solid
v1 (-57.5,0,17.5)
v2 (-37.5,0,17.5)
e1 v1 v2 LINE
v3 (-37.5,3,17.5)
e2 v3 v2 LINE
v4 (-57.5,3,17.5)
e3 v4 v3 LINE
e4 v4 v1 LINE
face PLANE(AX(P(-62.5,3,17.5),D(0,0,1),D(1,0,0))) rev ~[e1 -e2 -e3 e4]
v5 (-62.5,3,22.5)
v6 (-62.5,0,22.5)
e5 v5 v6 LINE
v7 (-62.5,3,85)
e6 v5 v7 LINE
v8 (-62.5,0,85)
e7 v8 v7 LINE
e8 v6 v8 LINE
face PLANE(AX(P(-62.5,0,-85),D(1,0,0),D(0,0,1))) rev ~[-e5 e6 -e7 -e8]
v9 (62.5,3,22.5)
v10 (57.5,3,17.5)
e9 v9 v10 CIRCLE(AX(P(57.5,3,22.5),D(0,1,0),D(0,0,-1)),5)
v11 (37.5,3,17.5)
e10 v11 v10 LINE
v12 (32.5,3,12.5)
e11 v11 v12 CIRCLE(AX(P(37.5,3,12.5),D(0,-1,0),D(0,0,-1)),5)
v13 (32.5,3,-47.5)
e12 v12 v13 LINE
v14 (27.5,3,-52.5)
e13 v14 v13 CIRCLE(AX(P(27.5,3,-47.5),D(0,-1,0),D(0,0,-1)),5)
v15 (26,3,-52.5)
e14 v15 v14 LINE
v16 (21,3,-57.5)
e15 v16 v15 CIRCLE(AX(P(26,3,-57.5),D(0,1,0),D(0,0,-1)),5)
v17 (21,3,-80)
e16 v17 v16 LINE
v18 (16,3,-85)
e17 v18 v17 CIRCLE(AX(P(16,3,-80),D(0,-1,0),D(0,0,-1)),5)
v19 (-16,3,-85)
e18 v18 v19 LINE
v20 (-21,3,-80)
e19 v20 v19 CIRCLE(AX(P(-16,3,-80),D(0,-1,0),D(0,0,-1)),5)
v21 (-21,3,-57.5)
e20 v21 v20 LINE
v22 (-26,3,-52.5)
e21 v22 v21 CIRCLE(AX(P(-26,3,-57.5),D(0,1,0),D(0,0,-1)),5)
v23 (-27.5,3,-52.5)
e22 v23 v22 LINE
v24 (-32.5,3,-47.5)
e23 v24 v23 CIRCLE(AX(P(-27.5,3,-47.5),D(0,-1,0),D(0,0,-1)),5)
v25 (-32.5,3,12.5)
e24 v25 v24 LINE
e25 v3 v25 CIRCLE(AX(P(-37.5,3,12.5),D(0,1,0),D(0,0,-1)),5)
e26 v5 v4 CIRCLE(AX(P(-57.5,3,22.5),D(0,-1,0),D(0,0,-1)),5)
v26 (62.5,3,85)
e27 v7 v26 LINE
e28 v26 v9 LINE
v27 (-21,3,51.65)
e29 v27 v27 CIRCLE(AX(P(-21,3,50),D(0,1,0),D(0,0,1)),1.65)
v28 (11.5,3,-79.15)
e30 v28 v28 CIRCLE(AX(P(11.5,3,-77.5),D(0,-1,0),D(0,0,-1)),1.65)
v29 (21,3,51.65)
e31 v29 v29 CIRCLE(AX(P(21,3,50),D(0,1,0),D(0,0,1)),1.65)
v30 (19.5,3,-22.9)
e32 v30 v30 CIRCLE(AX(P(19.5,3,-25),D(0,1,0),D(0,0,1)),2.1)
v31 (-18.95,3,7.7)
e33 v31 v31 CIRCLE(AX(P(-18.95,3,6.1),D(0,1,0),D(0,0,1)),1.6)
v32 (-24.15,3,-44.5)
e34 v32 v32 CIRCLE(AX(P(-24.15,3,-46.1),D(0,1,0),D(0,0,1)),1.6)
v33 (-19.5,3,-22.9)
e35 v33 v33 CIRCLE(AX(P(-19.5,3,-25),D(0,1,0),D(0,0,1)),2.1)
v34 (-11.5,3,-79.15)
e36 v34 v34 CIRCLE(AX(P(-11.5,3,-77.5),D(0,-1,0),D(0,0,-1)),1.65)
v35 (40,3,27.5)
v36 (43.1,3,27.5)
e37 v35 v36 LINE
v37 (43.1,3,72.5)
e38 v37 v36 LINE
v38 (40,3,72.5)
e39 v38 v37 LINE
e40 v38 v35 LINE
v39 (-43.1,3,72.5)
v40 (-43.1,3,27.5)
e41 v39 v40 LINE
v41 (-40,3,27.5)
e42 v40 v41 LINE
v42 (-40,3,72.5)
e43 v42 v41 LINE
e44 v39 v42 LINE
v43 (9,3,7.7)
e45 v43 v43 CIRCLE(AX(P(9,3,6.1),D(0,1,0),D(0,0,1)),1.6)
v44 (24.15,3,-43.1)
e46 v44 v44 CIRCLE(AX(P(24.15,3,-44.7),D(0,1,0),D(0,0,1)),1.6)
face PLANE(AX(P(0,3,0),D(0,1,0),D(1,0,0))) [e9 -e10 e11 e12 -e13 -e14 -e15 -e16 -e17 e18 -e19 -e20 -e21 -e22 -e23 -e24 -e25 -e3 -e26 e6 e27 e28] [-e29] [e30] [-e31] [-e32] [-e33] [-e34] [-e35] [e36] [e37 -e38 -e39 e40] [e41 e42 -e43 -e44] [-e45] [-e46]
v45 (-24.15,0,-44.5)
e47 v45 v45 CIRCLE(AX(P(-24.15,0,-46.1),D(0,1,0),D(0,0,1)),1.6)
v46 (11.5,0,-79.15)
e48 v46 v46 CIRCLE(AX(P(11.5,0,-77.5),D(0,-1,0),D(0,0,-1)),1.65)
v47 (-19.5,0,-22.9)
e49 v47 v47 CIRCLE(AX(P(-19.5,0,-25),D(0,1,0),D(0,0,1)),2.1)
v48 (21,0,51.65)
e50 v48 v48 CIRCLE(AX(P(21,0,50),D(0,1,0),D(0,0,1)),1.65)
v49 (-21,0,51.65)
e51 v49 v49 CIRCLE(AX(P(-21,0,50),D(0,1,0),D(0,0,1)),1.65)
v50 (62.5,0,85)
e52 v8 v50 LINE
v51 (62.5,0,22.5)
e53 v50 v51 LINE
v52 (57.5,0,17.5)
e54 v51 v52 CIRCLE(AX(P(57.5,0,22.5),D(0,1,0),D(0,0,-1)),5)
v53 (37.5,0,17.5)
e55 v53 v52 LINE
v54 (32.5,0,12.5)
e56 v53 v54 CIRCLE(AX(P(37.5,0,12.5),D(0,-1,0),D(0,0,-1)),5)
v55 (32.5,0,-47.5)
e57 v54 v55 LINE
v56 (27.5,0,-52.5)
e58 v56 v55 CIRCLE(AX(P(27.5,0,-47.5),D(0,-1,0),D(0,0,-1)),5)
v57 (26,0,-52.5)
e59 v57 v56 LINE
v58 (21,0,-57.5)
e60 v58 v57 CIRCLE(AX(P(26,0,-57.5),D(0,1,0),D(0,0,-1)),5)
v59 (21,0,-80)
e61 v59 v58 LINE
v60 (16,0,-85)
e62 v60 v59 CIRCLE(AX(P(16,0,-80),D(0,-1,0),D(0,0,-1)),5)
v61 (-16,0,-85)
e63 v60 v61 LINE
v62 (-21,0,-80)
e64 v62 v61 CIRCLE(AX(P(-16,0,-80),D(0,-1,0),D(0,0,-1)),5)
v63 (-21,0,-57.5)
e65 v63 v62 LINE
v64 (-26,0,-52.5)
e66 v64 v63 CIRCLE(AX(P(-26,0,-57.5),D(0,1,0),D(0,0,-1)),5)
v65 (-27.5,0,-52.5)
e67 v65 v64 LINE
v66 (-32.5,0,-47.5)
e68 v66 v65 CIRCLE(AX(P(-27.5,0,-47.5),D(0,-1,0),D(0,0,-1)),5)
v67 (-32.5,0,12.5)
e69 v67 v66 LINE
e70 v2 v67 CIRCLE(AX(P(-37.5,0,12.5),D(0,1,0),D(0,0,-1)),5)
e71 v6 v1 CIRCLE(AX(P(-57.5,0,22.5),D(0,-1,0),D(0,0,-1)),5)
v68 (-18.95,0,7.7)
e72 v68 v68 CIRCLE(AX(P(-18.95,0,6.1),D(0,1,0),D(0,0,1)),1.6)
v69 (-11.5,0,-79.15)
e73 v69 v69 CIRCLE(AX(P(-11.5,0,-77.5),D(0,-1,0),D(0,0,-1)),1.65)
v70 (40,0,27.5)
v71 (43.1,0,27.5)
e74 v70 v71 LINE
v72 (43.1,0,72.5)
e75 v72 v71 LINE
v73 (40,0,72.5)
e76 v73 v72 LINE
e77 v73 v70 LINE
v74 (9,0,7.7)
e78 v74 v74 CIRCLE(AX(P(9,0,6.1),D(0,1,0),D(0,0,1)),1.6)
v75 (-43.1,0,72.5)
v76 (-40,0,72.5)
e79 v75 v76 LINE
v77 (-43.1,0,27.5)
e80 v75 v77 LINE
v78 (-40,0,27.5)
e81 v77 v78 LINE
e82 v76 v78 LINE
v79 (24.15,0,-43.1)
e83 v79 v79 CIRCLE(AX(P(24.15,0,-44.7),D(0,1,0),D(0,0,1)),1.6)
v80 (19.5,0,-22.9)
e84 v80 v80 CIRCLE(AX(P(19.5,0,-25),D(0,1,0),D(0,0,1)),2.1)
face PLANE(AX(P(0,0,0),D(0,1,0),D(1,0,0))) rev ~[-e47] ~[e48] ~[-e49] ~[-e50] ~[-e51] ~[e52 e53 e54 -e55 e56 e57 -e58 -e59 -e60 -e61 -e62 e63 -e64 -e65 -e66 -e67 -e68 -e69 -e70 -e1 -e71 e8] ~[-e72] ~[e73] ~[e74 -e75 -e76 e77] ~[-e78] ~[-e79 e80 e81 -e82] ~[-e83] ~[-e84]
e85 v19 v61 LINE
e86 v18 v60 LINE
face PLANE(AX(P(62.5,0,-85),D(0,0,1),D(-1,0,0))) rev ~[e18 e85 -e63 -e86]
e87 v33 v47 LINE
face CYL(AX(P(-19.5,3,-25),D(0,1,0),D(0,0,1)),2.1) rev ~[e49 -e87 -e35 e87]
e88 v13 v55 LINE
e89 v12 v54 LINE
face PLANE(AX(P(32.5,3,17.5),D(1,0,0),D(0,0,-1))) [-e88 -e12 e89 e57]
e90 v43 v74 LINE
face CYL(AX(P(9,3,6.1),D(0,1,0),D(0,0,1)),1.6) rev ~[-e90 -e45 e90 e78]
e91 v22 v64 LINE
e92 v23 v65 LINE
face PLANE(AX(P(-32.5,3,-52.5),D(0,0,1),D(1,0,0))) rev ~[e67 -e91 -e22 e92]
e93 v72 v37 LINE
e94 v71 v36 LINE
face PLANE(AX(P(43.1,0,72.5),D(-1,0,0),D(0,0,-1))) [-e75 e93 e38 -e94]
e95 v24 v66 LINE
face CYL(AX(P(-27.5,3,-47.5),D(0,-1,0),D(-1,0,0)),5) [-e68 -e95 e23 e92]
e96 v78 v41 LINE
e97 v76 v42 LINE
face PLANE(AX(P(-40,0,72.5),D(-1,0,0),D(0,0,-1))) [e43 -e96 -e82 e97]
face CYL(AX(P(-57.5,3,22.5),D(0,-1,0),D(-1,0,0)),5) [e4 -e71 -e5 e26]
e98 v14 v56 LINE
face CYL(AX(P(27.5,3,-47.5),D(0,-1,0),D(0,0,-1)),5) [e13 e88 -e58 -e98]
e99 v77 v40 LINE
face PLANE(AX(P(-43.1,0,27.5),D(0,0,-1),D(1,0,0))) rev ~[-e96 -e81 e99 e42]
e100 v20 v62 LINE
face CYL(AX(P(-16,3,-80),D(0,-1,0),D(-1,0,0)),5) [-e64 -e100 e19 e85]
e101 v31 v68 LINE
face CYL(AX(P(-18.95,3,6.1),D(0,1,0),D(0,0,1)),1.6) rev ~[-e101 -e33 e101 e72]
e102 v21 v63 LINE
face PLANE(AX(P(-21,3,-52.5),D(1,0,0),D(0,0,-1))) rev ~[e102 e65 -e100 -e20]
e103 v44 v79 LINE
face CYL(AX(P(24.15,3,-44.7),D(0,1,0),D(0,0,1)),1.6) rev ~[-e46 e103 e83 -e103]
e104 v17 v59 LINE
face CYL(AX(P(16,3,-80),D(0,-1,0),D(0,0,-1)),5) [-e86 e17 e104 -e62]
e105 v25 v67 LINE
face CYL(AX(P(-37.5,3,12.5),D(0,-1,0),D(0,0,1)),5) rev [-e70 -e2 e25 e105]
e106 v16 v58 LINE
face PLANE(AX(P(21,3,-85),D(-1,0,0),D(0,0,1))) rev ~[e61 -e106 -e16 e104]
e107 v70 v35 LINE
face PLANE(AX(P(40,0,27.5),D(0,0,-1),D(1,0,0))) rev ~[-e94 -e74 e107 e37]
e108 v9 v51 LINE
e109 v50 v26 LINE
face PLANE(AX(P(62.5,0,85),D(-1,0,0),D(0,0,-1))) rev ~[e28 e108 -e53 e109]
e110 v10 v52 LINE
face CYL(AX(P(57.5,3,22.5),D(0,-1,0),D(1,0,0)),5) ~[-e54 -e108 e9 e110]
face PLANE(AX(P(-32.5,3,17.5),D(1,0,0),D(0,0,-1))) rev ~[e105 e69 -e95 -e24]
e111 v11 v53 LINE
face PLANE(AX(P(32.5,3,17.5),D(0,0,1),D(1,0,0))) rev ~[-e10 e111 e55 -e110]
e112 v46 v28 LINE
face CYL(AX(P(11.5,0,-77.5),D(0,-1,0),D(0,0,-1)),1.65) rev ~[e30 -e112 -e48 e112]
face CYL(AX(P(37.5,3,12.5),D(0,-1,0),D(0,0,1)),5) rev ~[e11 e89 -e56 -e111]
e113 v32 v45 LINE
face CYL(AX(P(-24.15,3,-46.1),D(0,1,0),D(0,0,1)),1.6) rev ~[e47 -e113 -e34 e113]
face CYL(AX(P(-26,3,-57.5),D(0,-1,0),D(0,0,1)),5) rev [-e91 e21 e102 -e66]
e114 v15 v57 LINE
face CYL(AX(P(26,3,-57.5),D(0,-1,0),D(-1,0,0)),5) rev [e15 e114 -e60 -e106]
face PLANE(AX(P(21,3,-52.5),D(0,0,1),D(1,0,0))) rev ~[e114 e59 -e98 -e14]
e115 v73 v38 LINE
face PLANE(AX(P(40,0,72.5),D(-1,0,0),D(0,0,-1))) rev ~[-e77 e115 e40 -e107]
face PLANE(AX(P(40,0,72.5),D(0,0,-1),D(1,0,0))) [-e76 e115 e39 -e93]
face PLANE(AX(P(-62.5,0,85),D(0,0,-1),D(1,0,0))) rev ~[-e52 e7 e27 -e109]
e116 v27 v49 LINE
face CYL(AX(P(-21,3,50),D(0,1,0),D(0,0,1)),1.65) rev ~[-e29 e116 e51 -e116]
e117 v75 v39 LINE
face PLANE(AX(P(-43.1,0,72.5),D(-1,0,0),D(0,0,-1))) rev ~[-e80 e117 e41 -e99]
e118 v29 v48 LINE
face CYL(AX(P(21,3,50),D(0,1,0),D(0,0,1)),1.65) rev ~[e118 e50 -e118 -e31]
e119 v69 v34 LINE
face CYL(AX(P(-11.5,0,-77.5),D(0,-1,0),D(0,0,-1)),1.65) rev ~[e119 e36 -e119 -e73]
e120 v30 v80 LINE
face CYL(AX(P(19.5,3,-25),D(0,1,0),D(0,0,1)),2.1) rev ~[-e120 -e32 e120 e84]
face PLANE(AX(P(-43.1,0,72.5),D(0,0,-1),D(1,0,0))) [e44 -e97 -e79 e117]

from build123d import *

# Parameters (mm, degrees)
SKETCH1_W           = 3.1
SKETCH1_H           = 45
BOSS_EXTRUDE1_DEPTH = 3
SKETCH3_R           = 1.6
CUT_EXTRUDE2_DEPTH  = 10
CUT_EXTRUDE4_REACH  = 107.547
SKETCH5_R           = 1.65
SKETCH6_R           = 1.65
CUT_EXTRUDE5_DEPTH  = 10
SKETCH8_W           = 30
SKETCH8_H           = 70
CUT_EXTRUDE6_DEPTH  = 10
FILLET1_R           = 5
SKETCH9_R           = 2.1
CUT_EXTRUDE7_DEPTH  = 10


with BuildPart() as part:
    # Sketch1 → Boss-Extrude1 (new body)
    with BuildSketch(Plane(origin=(0, 0, 0), x_dir=(1, 0, 0), z_dir=(0, 1, 0))):
        Polygon((-62.5, -75), (-62.5, -85), (62.5, -85), (62.5, -75), (62.5, -5), (62.5, 85), (-62.5, 85), (-62.5, -5), align=None)
        with Locations((-41.55, -50)):
            Rectangle(SKETCH1_W, SKETCH1_H, mode=Mode.SUBTRACT)
        with Locations((41.55, -50)):
            Rectangle(SKETCH1_W, SKETCH1_H, mode=Mode.SUBTRACT)
    extrude(amount=BOSS_EXTRUDE1_DEPTH)

    # Sketch3 → Cut-Extrude2 (cut)
    with BuildSketch(Plane(origin=(0, 3, 0), x_dir=(1, 0, 0), z_dir=(0, 1, 0))):
        with Locations(Location((-24.15, 46.1, 0), (0, 0, 270))):
            Circle(SKETCH3_R)
        with Locations(Location((24.15, 44.7, 0), (0, 0, 270))):
            Circle(SKETCH3_R)
        with Locations(Location((-18.95, -6.1, 0), (0, 0, 270))):
            Circle(SKETCH3_R)
        with Locations(Location((9, -6.1, 0), (0, 0, 270))):
            Circle(SKETCH3_R)
    extrude(amount=-CUT_EXTRUDE2_DEPTH, mode=Mode.SUBTRACT)

    # Sketch5 → Cut-Extrude4 (cut, up to next)
    with BuildSketch(Plane.XZ, mode=Mode.PRIVATE) as cut_extrude4_sk1:
        with Locations(Location((11.5, -77.5, 0), (0, 0, 270))):
            Circle(SKETCH5_R)
    cut_extrude4_tool1 = extrude(cut_extrude4_sk1.sketch, amount=-CUT_EXTRUDE4_REACH, mode=Mode.PRIVATE) & part.part
    # Sketch5 → Cut-Extrude4 (cut, up to next)
    with BuildSketch(Plane.XZ, mode=Mode.PRIVATE) as cut_extrude4_sk2:
        with Locations(Location((-11.5, -77.5, 0), (0, 0, 270))):
            Circle(SKETCH5_R)
    cut_extrude4_tool2 = extrude(cut_extrude4_sk2.sketch, amount=-CUT_EXTRUDE4_REACH, mode=Mode.PRIVATE) & part.part
    add(cut_extrude4_tool1.solids().sort_by_distance((11.5, 0, -77.5))[0], mode=Mode.SUBTRACT)
    add(cut_extrude4_tool2.solids().sort_by_distance((-11.5, 0, -77.5))[0], mode=Mode.SUBTRACT)

    # Sketch6 → Cut-Extrude5 (cut)
    with BuildSketch(Plane(origin=(0, 3, 0), x_dir=(1, 0, 0), z_dir=(0, 1, 0))):
        with Locations(Location((21, -50, 0), (0, 0, 270))):
            Circle(SKETCH6_R)
        with Locations(Location((-21, -50, 0), (0, 0, 270))):
            Circle(SKETCH6_R)
    extrude(amount=-CUT_EXTRUDE5_DEPTH, mode=Mode.SUBTRACT)

    # Sketch8 → Cut-Extrude6 (cut)
    with BuildSketch(Plane(origin=(0, 3, 0), x_dir=(1, 0, 0), z_dir=(0, 1, 0))):
        with Locations((-47.5, 17.5)):
            Rectangle(SKETCH8_W, SKETCH8_H)
        Polygon((-21, 52.5), (-21, 85), (-62.5, 85), (-62.5, 52.5), (-32.5, 52.5), align=None)
        Polygon((32.5, 52.5), (62.5, 52.5), (62.5, 85), (21, 85), (21, 52.5), align=None)
        with Locations((47.5, 17.5)):
            Rectangle(SKETCH8_W, SKETCH8_H)
    extrude(amount=-CUT_EXTRUDE6_DEPTH, mode=Mode.SUBTRACT)

    # Fillet1
    fillet1_edges = [part.edges().sort_by_distance(p)[0] for p in [
        (21, 1.5, -52.5),
        (21, 1.5, -85),
        (62.5, 1.5, 17.5),
        (32.5, 1.5, 17.5),
        (32.5, 1.5, -52.5),
        (-32.5, 1.5, -52.5),
        (-32.5, 1.5, 17.5),
        (-62.5, 1.5, 17.5),
        (-21, 1.5, -85),
        (-21, 1.5, -52.5),
    ]]
    fillet(fillet1_edges, radius=FILLET1_R)

    # Sketch9 → Cut-Extrude7 (cut)
    with BuildSketch(Plane(origin=(0, 3, 0), x_dir=(1, 0, 0), z_dir=(0, 1, 0))):
        with Locations(Location((19.5, 25, 0), (0, 0, 270))):
            Circle(SKETCH9_R)
        with Locations(Location((-19.5, 25, 0), (0, 0, 270))):
            Circle(SKETCH9_R)
    extrude(amount=-CUT_EXTRUDE7_DEPTH, mode=Mode.SUBTRACT)


solid = part.part
